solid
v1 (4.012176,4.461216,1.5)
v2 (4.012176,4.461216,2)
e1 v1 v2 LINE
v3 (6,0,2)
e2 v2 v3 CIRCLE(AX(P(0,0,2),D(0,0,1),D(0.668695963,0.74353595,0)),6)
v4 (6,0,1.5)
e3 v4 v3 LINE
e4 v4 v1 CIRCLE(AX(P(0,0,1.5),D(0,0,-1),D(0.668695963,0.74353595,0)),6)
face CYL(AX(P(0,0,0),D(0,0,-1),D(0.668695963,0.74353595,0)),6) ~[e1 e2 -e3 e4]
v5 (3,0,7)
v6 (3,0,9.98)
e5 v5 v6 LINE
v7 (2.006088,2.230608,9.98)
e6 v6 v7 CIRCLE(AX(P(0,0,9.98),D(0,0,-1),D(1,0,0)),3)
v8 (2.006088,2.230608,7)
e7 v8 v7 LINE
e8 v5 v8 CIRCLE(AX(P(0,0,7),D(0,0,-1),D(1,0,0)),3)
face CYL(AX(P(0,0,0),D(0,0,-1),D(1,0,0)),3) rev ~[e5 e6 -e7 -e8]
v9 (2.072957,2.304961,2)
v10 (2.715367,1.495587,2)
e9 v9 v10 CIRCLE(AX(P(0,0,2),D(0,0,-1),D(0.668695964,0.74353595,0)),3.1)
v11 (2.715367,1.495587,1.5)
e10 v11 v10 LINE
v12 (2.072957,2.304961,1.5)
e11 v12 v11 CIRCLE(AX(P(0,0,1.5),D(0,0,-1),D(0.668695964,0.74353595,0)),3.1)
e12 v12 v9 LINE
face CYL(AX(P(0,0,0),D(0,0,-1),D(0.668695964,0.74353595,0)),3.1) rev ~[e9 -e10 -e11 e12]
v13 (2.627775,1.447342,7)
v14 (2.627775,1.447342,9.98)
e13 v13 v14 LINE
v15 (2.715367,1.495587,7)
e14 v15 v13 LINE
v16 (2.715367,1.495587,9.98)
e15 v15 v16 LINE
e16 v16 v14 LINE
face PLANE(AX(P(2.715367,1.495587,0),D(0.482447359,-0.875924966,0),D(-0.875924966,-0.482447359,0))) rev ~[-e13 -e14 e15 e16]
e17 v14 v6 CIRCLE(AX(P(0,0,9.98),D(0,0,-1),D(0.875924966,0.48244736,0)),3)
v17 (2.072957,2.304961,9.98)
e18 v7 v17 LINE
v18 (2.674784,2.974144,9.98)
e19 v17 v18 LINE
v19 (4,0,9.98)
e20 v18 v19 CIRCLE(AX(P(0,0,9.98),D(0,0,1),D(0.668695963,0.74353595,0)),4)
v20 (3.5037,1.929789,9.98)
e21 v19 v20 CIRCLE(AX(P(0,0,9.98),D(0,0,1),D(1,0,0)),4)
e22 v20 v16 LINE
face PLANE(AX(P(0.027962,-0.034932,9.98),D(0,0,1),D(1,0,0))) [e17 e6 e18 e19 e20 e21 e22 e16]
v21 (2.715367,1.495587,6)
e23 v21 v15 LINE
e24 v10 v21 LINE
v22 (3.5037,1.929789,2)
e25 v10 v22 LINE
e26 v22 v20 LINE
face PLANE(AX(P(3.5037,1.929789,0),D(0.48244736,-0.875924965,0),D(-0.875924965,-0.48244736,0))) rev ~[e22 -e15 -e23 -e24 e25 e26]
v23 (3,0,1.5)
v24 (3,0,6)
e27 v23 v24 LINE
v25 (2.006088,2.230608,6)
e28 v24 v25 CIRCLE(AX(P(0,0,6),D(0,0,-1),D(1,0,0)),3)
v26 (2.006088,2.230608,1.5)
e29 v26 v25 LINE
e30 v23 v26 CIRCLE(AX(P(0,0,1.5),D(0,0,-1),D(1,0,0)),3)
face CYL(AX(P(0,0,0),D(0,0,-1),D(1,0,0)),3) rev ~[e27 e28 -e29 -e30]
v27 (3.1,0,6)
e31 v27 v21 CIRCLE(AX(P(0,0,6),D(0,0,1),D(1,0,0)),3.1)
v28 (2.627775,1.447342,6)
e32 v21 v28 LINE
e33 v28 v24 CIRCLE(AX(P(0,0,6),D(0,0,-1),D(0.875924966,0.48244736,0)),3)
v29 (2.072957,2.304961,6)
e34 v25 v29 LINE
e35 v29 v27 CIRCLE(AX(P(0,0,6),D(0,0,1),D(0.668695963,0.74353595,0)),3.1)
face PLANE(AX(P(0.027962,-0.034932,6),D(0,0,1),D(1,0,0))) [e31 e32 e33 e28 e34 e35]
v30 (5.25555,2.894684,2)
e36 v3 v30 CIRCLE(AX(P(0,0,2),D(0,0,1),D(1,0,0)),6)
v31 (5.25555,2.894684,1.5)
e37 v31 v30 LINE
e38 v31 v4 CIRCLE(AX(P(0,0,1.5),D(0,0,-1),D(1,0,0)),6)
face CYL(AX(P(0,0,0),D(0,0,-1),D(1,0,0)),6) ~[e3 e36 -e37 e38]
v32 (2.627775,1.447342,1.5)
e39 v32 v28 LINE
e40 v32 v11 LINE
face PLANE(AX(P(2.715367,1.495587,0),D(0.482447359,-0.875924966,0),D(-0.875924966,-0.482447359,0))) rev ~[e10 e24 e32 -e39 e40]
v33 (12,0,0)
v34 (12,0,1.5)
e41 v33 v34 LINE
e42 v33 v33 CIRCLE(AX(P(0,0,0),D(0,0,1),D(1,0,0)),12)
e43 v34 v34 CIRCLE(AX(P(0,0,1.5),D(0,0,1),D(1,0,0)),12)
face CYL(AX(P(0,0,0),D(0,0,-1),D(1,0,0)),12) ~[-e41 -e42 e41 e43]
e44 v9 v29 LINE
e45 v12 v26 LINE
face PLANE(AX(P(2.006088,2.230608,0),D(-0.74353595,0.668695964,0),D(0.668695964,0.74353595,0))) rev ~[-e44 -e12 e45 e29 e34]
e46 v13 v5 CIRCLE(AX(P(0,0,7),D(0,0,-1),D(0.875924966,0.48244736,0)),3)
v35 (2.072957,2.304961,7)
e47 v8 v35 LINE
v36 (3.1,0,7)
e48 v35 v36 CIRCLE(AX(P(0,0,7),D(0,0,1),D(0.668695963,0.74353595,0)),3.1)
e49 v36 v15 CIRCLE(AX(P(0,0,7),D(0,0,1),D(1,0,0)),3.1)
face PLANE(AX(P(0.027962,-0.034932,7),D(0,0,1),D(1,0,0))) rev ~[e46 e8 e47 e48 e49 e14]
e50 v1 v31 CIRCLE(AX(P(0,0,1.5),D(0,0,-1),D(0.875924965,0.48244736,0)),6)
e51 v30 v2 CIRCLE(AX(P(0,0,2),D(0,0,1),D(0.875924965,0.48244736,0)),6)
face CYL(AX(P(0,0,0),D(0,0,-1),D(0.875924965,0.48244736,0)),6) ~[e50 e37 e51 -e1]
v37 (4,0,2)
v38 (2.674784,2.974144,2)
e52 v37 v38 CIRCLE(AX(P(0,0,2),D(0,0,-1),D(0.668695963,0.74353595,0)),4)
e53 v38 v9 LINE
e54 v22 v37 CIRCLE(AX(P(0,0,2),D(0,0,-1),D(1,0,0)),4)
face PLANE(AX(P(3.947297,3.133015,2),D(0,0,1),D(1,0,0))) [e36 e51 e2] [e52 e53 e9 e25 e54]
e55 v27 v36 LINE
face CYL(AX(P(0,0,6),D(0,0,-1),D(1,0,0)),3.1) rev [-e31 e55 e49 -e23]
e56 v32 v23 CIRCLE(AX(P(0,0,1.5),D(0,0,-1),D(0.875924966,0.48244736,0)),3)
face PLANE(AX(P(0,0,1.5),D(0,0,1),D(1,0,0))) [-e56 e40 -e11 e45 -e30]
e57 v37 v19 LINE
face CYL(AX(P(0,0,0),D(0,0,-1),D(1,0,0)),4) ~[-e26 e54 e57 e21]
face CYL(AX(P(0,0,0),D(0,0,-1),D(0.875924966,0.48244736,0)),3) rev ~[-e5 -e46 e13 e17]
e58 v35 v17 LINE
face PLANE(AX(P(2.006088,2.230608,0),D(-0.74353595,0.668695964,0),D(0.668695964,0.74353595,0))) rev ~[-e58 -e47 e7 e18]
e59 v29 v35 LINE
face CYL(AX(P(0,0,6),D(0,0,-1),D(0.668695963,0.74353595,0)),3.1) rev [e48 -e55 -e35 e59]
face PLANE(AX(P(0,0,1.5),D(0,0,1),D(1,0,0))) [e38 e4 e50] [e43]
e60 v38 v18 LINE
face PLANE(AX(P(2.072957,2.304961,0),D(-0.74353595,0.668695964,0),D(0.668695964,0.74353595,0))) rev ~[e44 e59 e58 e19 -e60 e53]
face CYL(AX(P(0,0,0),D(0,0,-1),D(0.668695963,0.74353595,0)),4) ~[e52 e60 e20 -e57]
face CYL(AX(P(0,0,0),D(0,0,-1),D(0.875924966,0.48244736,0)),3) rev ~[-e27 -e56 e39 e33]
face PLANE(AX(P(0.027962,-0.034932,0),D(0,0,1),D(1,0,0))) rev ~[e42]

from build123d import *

# Parameters (mm, degrees)
F0_R     = 12
F1_DEPTH = 1.5
F2_DEPTH = 2
F3_DEPTH = 9.98
F4_DEPTH = 1


with BuildPart() as f1:
    # F0 (on Top) → F1 (new body)
    with BuildSketch(Plane.XY):
        Circle(F0_R)
        with BuildLine():
            ThreePointArc((4.0121757808, 4.461215698), (4.6995946202, 3.7301220363), (5.2555497929, 2.8946841579))
            ThreePointArc((5.2555497929, 2.8946841579), (5.810907793, 1.4944399022), (6, 0))
            ThreePointArc((6, 0), (-5.4805590356, -2.4420222476), (4.0121757808, 4.461215698))
        make_face(mode=Mode.SUBTRACT)
        with BuildLine():
            ThreePointArc((2.6747838539, 2.9741437986), (3.1330630801, 2.4867480242), (3.503699862, 1.9297894386))
            Line((3.503699862, 1.9297894386), (5.2555497929, 2.8946841579))
            ThreePointArc((5.2555497929, 2.8946841579), (4.6995946202, 3.7301220363), (4.0121757808, 4.461215698))
            Line((4.0121757808, 4.461215698), (2.6747838539, 2.9741437986))
        make_face()
        with BuildLine():
            Line((5.2555497929, 2.8946841579), (3.503699862, 1.9297894386))
            ThreePointArc((3.503699862, 1.9297894386), (3.8739385287, 0.9962932681), (4, 0))
            ThreePointArc((4, 0), (-3.6537060237, -1.6280148317), (2.6747838539, 2.9741437986))
            Line((2.6747838539, 2.9741437986), (4.0121757808, 4.461215698))
            ThreePointArc((4.0121757808, 4.461215698), (-5.4805590356, -2.4420222476), (6, 0))
            ThreePointArc((6, 0), (5.810907793, 1.4944399022), (5.2555497929, 2.8946841579))
        make_face()
        with BuildLine():
            ThreePointArc((2.0060878904, 2.230607849), (2.3497973101, 1.8650610182), (2.6277748965, 1.447342079))
            Line((2.6277748965, 1.447342079), (2.715367393, 1.4955868149))
            ThreePointArc((2.715367393, 1.4955868149), (2.4281238871, 1.9272297188), (2.0729574868, 2.304961444))
            Line((2.0729574868, 2.304961444), (2.0060878904, 2.230607849))
        make_face()
        with BuildLine():
            ThreePointArc((2.6277748965, 1.447342079), (2.9054538965, 0.7472199511), (3, 0))
            ThreePointArc((3, 0), (-2.7402795178, -1.2210111238), (2.0060878904, 2.230607849))
            Line((2.0060878904, 2.230607849), (2.0729574868, 2.304961444))
            ThreePointArc((2.0729574868, 2.304961444), (-2.8316221684, -1.2617114946), (3.1, 0))
            ThreePointArc((3.1, 0), (3.0023023597, 0.7721272828), (2.715367393, 1.4955868149))
            Line((2.715367393, 1.4955868149), (2.6277748965, 1.447342079))
        make_face()
        with BuildLine():
            Line((0, 0), (2.6277748965, 1.447342079))
            ThreePointArc((2.6277748965, 1.447342079), (2.3497973101, 1.8650610182), (2.0060878904, 2.230607849))
            Line((2.0060878904, 2.230607849), (0, 0))
        make_face()
        with BuildLine():
            ThreePointArc((2.0060878904, 2.230607849), (-2.7402795178, -1.2210111238), (3, 0))
            ThreePointArc((3, 0), (2.9054538965, 0.7472199511), (2.6277748965, 1.447342079))
            Line((2.6277748965, 1.447342079), (0, 0))
            Line((0, 0), (2.0060878904, 2.230607849))
        make_face()
        with BuildLine():
            Line((3.503699862, 1.9297894386), (2.715367393, 1.4955868149))
            ThreePointArc((2.715367393, 1.4955868149), (3.0023023597, 0.7721272828), (3.1, 0))
            ThreePointArc((3.1, 0), (-2.8316221684, -1.2617114946), (2.0729574868, 2.304961444))
            Line((2.0729574868, 2.304961444), (2.6747838539, 2.9741437986))
            ThreePointArc((2.6747838539, 2.9741437986), (-3.6537060237, -1.6280148317), (4, 0))
            ThreePointArc((4, 0), (3.8739385287, 0.9962932681), (3.503699862, 1.9297894386))
        make_face()
        with BuildLine():
            ThreePointArc((2.0729574868, 2.304961444), (2.4281238871, 1.9272297188), (2.715367393, 1.4955868149))
            Line((2.715367393, 1.4955868149), (3.503699862, 1.9297894386))
            ThreePointArc((3.503699862, 1.9297894386), (3.1330630801, 2.4867480242), (2.6747838539, 2.9741437986))
            Line((2.6747838539, 2.9741437986), (2.0729574868, 2.304961444))
        make_face()
    extrude(amount=F1_DEPTH)



with BuildPart() as f2:
    # F0 (on Top) → F2 (new body)
    with BuildSketch(Plane.XY):
        with BuildLine():
            ThreePointArc((2.6747838539, 2.9741437986), (3.1330630801, 2.4867480242), (3.503699862, 1.9297894386))
            Line((3.503699862, 1.9297894386), (5.2555497929, 2.8946841579))
            ThreePointArc((5.2555497929, 2.8946841579), (4.6995946202, 3.7301220363), (4.0121757808, 4.461215698))
            Line((4.0121757808, 4.461215698), (2.6747838539, 2.9741437986))
        make_face()
        with BuildLine():
            Line((5.2555497929, 2.8946841579), (3.503699862, 1.9297894386))
            ThreePointArc((3.503699862, 1.9297894386), (3.8739385287, 0.9962932681), (4, 0))
            ThreePointArc((4, 0), (-3.6537060237, -1.6280148317), (2.6747838539, 2.9741437986))
            Line((2.6747838539, 2.9741437986), (4.0121757808, 4.461215698))
            ThreePointArc((4.0121757808, 4.461215698), (-5.4805590356, -2.4420222476), (6, 0))
            ThreePointArc((6, 0), (5.810907793, 1.4944399022), (5.2555497929, 2.8946841579))
        make_face()
        with BuildLine():
            Line((3.503699862, 1.9297894386), (2.715367393, 1.4955868149))
            ThreePointArc((2.715367393, 1.4955868149), (3.0023023597, 0.7721272828), (3.1, 0))
            ThreePointArc((3.1, 0), (-2.8316221684, -1.2617114946), (2.0729574868, 2.304961444))
            Line((2.0729574868, 2.304961444), (2.6747838539, 2.9741437986))
            ThreePointArc((2.6747838539, 2.9741437986), (-3.6537060237, -1.6280148317), (4, 0))
            ThreePointArc((4, 0), (3.8739385287, 0.9962932681), (3.503699862, 1.9297894386))
        make_face()
        with BuildLine():
            ThreePointArc((2.0729574868, 2.304961444), (2.4281238871, 1.9272297188), (2.715367393, 1.4955868149))
            Line((2.715367393, 1.4955868149), (3.503699862, 1.9297894386))
            ThreePointArc((3.503699862, 1.9297894386), (3.1330630801, 2.4867480242), (2.6747838539, 2.9741437986))
            Line((2.6747838539, 2.9741437986), (2.0729574868, 2.304961444))
        make_face()
    extrude(amount=F2_DEPTH)


with BuildPart() as f1_1:
    add(f1.part)

    add(f2.part)  # F3 merges F2
    # F0 (on Top) → F3 (join)
    with BuildSketch(Plane.XY):
        with BuildLine():
            ThreePointArc((2.6277748965, 1.447342079), (2.9054538965, 0.7472199511), (3, 0))
            ThreePointArc((3, 0), (-2.7402795178, -1.2210111238), (2.0060878904, 2.230607849))
            Line((2.0060878904, 2.230607849), (2.0729574868, 2.304961444))
            ThreePointArc((2.0729574868, 2.304961444), (-2.8316221684, -1.2617114946), (3.1, 0))
            ThreePointArc((3.1, 0), (3.0023023597, 0.7721272828), (2.715367393, 1.4955868149))
            Line((2.715367393, 1.4955868149), (2.6277748965, 1.447342079))
        make_face()
        with BuildLine():
            Line((3.503699862, 1.9297894386), (2.715367393, 1.4955868149))
            ThreePointArc((2.715367393, 1.4955868149), (3.0023023597, 0.7721272828), (3.1, 0))
            ThreePointArc((3.1, 0), (-2.8316221684, -1.2617114946), (2.0729574868, 2.304961444))
            Line((2.0729574868, 2.304961444), (2.6747838539, 2.9741437986))
            ThreePointArc((2.6747838539, 2.9741437986), (-3.6537060237, -1.6280148317), (4, 0))
            ThreePointArc((4, 0), (3.8739385287, 0.9962932681), (3.503699862, 1.9297894386))
        make_face()
    extrude(amount=F3_DEPTH)


with BuildPart() as f4:
    # F0 (on Top) → F4 (new body)
    with BuildSketch(Plane.XY):
        with BuildLine():
            ThreePointArc((2.6277748965, 1.447342079), (2.9054538965, 0.7472199511), (3, 0))
            ThreePointArc((3, 0), (-2.7402795178, -1.2210111238), (2.0060878904, 2.230607849))
            Line((2.0060878904, 2.230607849), (2.0729574868, 2.304961444))
            ThreePointArc((2.0729574868, 2.304961444), (-2.8316221684, -1.2617114946), (3.1, 0))
            ThreePointArc((3.1, 0), (3.0023023597, 0.7721272828), (2.715367393, 1.4955868149))
            Line((2.715367393, 1.4955868149), (2.6277748965, 1.447342079))
        make_face()
    extrude(amount=F4_DEPTH)


with BuildPart() as f4_1:
    # F5: moved
    add(f4.part.moved(Location((0, 0, 6))))


with BuildPart() as f1_2:
    add(f1_1.part)

    # F6: cut F4
    add(f4_1.part, mode=Mode.SUBTRACT)


solid = f1_2.part
